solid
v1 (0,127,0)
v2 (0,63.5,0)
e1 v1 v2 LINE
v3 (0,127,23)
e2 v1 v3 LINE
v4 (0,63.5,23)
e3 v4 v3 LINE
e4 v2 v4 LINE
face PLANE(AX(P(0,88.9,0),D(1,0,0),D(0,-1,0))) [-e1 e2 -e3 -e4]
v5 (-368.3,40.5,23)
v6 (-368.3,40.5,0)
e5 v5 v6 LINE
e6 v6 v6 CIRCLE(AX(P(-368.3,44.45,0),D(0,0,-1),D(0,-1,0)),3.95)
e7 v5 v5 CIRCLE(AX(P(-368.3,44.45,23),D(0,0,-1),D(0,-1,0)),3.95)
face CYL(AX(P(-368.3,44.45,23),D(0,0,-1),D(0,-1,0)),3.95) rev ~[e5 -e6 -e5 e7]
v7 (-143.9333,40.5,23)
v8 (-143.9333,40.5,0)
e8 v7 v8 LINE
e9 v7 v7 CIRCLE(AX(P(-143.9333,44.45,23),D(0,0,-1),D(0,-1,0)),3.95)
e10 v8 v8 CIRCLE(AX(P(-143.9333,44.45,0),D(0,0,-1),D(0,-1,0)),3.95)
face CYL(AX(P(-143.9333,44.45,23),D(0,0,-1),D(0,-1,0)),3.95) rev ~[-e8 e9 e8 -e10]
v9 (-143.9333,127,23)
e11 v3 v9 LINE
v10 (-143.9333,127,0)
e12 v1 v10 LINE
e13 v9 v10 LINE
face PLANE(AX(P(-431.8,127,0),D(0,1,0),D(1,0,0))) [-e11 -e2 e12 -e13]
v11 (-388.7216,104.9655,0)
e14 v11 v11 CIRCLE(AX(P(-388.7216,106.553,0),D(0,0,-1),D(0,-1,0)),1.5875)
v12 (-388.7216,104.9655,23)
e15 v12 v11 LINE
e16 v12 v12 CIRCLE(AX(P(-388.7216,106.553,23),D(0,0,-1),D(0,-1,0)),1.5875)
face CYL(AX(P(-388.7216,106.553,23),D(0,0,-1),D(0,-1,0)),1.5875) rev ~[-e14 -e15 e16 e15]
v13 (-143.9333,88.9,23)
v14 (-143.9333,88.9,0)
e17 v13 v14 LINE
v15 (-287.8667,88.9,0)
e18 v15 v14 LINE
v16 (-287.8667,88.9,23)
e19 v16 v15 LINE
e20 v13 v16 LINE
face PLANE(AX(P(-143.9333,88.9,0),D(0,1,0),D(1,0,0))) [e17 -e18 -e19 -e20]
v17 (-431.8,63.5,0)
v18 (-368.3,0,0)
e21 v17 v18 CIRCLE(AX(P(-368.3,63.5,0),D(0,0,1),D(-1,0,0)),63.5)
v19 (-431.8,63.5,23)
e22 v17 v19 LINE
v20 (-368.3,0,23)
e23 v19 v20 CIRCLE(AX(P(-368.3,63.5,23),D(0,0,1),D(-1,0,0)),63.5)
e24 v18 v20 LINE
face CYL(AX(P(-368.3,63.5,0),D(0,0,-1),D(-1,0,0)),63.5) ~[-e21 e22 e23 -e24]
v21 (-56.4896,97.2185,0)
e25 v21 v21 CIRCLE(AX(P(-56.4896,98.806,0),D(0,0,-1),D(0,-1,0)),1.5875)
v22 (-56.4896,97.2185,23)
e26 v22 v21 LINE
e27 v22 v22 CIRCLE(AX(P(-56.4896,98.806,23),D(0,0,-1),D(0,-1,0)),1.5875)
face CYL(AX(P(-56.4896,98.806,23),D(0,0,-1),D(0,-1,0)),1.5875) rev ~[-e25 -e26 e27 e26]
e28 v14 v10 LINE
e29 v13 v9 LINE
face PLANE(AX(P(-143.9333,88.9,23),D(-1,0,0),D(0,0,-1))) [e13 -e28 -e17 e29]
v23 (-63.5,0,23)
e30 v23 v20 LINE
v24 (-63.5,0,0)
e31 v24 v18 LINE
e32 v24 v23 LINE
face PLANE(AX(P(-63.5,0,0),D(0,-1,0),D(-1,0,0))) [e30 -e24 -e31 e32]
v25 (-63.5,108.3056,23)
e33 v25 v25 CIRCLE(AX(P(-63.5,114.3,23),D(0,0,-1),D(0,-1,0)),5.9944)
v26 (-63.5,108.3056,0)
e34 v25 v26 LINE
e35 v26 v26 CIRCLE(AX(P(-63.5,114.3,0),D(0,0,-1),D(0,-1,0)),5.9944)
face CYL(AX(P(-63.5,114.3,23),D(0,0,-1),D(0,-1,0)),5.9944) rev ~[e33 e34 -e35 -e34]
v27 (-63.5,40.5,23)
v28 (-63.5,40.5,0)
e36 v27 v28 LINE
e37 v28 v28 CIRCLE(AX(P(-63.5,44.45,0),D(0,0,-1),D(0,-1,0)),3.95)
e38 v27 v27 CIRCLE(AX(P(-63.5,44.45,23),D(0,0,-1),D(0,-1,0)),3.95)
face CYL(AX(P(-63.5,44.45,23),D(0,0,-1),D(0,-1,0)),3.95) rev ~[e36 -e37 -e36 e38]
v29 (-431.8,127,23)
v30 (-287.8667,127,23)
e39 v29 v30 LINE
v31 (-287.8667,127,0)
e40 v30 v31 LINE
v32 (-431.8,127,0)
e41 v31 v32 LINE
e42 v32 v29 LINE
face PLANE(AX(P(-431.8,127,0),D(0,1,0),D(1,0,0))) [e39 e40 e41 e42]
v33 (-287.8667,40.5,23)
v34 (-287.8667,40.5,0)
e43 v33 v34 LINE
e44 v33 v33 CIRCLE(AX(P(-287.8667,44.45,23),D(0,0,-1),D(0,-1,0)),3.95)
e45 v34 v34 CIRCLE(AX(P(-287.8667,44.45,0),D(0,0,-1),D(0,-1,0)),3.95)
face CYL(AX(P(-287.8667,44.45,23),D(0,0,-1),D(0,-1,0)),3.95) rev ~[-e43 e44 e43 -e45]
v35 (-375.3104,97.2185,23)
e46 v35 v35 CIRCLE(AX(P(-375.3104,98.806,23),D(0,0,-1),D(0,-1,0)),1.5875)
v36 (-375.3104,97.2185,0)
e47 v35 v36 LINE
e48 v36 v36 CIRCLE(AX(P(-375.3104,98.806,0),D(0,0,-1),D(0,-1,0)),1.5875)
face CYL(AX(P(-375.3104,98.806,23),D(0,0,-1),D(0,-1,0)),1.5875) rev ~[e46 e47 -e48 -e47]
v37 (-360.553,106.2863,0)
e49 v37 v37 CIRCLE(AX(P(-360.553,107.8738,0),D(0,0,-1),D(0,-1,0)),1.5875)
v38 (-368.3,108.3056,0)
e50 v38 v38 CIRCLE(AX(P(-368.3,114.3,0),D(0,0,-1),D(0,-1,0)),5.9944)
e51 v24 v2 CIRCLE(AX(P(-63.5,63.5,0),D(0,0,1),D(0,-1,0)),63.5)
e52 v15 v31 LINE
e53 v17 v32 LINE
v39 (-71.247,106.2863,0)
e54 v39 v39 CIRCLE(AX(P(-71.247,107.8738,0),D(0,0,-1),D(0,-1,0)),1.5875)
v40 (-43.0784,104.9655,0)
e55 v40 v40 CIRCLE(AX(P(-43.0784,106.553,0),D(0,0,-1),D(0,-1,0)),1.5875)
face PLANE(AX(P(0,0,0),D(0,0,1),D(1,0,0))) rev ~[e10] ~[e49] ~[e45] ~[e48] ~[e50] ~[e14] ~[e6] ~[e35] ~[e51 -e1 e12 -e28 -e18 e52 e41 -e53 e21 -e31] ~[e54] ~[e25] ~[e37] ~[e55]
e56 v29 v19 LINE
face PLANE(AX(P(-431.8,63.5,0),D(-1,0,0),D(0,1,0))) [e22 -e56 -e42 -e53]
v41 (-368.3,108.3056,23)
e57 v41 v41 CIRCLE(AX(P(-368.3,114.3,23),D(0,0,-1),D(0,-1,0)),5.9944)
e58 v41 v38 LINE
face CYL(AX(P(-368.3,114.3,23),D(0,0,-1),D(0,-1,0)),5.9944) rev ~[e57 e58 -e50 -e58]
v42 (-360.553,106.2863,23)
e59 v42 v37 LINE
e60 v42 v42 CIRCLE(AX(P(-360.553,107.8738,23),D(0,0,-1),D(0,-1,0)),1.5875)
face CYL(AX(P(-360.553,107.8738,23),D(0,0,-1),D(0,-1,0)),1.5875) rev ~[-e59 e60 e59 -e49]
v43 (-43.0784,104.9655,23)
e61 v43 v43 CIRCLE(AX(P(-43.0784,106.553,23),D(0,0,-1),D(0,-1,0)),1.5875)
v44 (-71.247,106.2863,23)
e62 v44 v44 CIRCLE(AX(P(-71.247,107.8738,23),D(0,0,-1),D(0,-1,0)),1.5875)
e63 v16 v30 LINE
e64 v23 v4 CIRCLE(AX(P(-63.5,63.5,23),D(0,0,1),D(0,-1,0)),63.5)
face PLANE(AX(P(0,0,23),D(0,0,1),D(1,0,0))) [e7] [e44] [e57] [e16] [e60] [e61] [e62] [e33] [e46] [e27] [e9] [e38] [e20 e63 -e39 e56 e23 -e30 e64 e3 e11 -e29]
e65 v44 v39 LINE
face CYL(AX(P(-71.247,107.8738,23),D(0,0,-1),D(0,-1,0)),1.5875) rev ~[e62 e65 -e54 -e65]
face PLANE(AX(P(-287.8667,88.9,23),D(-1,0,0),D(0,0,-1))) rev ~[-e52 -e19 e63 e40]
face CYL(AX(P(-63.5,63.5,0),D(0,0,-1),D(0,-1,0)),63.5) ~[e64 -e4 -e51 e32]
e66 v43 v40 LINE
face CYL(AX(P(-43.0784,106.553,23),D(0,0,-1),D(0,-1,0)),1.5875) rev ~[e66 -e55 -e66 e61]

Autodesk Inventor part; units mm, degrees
ref_plane "YZ Plane" through (0, 0, 0) normal (1, 0, 0) x (0, 1, 0)
ref_plane "XZ Plane" through (0, 0, 0) normal (0, 1, 0) x (-1, 0, 0)
ref_plane "XY Plane" through (0, 0, 0) normal (0, 0, 1) x (1, 0, 0)
sketch "Sketch1" plane through (0, 0, 0) normal (0, 0, 1) x (1, 0, 0)
  line L0 (-63.5, 0) -> (-368.3, 0)
  line L1 (-431.8, 63.5) -> (-431.8, 88.9)
  line L2 (-431.8, 88.9) -> (0, 88.9)
  line L3 (0, 88.9) -> (0, 63.5)
  arc A0 (-431.8, 63.5) -> (-368.3, 0) centre (-368.3, 63.5) ccw
  arc A1 (-63.5, 0) -> (0, 63.5) centre (-63.5, 63.5) ccw
  line L4 (-431.8, 88.9) -> (-287.8667, 88.9)
  line L5 (0, 88.9) -> (-143.9333, 88.9)
  point P0 (0, 0)
  point P1 (-431.8, 0)
  dimension "d0" = 431.8
  dimension "d1" = 88.9
  dimension "d2" = 63.5
  dimension "d3" = 63.5
extrude "Extrusion1" add sketch "Sketch1" along normal blind 23
sketch "Sketch2" plane through (0, 0, 23) normal (0, 0, 1) x (1, 0, 0)
  line L0 (-368.3, 0) -> (-63.5, 0) projected
  line L1 (0, 88.9) -> (-431.8, 88.9) projected
  line L2 (0, 63.5) -> (0, 88.9) projected
  line L3 (-431.8, 88.9) -> (-431.8, 63.5) projected
  point P0 (0, 0)
  point P1 (-368.3, 44.45)
  point P2 (-287.8667, 44.45)
  point P3 (-143.9333, 44.45)
  point P4 (-63.5, 44.45)
  dimension "d6" = 88.9
  dimension "d7" = 44.45
  dimension "d8" = 44.45
  dimension "d9" = 44.45
  dimension "d10" = 44.45
  dimension "d11" = 431.8
  dimension "d12" = 63.5
  dimension "d13" = 143.9333
  dimension "d14" = 143.9333
  dimension "d15" = 63.5
hole "Hole1" at (-368.3, 44.45, 23) at (-287.8667, 44.45, 23) at (-143.9333, 44.45, 23) at (-63.5, 44.45, 23) direction (0, 0, -1) diameter 7.9 end through all
sketch "Sketch3" plane through (-431.8, 88.9, 0) normal (0, 1, 0) x (1, 0, 0)
  line L0 (431.8, 0) -> (0, 0) projected
  line L1 (0, -23) -> (143.9333, -23)
  line L2 (143.9333, -23) -> (143.9333, 0)
  line L3 (143.9333, 0) -> (0, 0)
  line L4 (0, 0) -> (0, -23)
  line L5 (431.8, -23) -> (0, -23) projected
  line L6 (431.8, -23) -> (287.8667, -23)
  line L7 (287.8667, -23) -> (287.8667, 0)
  line L8 (287.8667, 0) -> (431.8, 0)
  line L9 (431.8, 0) -> (431.8, -23)
  dimension "d27" = 431.8
  dimension "d28" = 143.9333
  dimension "d29" = 143.9333
extrude "Extrusion2" add sketch "Sketch3" along normal blind 38.1 contours L9 L5 L7 L0 | L2 L1 L4 L0
sketch "Sketch4" plane through (0, 0, 23) normal (0, 0, 1) x (1, 0, 0)
  line L0 (-143.9333, 88.9) -> (-143.9333, 127) projected
  line L1 (-287.8667, 88.9) -> (-287.8667, 127) projected
  line L2 (-143.9333, 127) -> (0, 127) projected
  line L3 (-431.8, 127) -> (-287.8667, 127) projected
  circle A0 centre (-368.3, 44.45) radius 3.95 projected
  circle A1 centre (-63.5, 44.45) radius 3.95 projected
  point P0 (0, 0)
  point P1 (-63.5, 114.3)
  point P2 (-368.3, 114.3)
  dimension "d32" = 38.1
  dimension "d33" = 38.1
  dimension "d34" = 12.7
  dimension "d35" = 12.7
  dimension "d38" = 0
  dimension "d39" = 0
hole "Hole2" at (-63.5, 114.3, 23) at (-368.3, 114.3, 23) direction (0, 0, -1) diameter 11.9888 end through all
sketch "Sketch5" plane through (0, 0, 23) normal (0, 0, 1) x (1, 0, 0)
  circle A0 centre (-368.3, 114.3) radius 5.9944 projected
  circle A1 centre (-63.5, 114.3) radius 5.9944 projected
  point P0 (0, 0)
  point P1 (-360.553, 107.8738)
  point P2 (-375.3104, 98.806)
  point P3 (-388.7216, 106.553)
  point P4 (-71.247, 107.8738)
  point P5 (-56.4896, 98.806)
  point P6 (-43.0784, 106.553)
  dimension "d47" = 7.747
  dimension "d48" = 6.4262
  dimension "d49" = 7.0104
  dimension "d50" = 15.494
  dimension "d51" = 20.4216
  dimension "d52" = 7.747
  dimension "d53" = 7.747
  dimension "d54" = 6.4262
  dimension "d55" = 15.494
  dimension "d56" = 7.0104
  dimension "d57" = 7.747
  dimension "d58" = 20.4216
hole "Hole3" at (-360.553, 107.8738, 23) at (-375.3104, 98.806, 23) at (-388.7216, 106.553, 23) at (-71.247, 107.8738, 23) at (-56.4896, 98.806, 23) at (-43.0784, 106.553, 23) direction (0, 0, -1) diameter 3.175 end through all
equation "\"d7\" = 0.5 * d6"
equation "\"d8\" = 0.5 * d6"
equation "\"d9\" = 0.5 * d6"
equation "\"d10\" = 0.5 * d6"
equation "\"d13\" = 0.333333 * d11"
equation "\"d14\" = d13"
equation "\"d15\" = d12"
equation "\"d28\" = 0.333333 * d27"
equation "\"d29\" = d28"
equation "\"d34\" = 0.333333 * d32"
equation "\"d35\" = 0.333333 * d33"
equation "\"d53\" = d47"
equation "\"d54\" = d48"
equation "\"d55\" = d50"
equation "\"d56\" = d49"
equation "\"d57\" = d52"
equation "\"d58\" = d51"
properties part number "side drivetrain piece (8 wheel macanum)"
